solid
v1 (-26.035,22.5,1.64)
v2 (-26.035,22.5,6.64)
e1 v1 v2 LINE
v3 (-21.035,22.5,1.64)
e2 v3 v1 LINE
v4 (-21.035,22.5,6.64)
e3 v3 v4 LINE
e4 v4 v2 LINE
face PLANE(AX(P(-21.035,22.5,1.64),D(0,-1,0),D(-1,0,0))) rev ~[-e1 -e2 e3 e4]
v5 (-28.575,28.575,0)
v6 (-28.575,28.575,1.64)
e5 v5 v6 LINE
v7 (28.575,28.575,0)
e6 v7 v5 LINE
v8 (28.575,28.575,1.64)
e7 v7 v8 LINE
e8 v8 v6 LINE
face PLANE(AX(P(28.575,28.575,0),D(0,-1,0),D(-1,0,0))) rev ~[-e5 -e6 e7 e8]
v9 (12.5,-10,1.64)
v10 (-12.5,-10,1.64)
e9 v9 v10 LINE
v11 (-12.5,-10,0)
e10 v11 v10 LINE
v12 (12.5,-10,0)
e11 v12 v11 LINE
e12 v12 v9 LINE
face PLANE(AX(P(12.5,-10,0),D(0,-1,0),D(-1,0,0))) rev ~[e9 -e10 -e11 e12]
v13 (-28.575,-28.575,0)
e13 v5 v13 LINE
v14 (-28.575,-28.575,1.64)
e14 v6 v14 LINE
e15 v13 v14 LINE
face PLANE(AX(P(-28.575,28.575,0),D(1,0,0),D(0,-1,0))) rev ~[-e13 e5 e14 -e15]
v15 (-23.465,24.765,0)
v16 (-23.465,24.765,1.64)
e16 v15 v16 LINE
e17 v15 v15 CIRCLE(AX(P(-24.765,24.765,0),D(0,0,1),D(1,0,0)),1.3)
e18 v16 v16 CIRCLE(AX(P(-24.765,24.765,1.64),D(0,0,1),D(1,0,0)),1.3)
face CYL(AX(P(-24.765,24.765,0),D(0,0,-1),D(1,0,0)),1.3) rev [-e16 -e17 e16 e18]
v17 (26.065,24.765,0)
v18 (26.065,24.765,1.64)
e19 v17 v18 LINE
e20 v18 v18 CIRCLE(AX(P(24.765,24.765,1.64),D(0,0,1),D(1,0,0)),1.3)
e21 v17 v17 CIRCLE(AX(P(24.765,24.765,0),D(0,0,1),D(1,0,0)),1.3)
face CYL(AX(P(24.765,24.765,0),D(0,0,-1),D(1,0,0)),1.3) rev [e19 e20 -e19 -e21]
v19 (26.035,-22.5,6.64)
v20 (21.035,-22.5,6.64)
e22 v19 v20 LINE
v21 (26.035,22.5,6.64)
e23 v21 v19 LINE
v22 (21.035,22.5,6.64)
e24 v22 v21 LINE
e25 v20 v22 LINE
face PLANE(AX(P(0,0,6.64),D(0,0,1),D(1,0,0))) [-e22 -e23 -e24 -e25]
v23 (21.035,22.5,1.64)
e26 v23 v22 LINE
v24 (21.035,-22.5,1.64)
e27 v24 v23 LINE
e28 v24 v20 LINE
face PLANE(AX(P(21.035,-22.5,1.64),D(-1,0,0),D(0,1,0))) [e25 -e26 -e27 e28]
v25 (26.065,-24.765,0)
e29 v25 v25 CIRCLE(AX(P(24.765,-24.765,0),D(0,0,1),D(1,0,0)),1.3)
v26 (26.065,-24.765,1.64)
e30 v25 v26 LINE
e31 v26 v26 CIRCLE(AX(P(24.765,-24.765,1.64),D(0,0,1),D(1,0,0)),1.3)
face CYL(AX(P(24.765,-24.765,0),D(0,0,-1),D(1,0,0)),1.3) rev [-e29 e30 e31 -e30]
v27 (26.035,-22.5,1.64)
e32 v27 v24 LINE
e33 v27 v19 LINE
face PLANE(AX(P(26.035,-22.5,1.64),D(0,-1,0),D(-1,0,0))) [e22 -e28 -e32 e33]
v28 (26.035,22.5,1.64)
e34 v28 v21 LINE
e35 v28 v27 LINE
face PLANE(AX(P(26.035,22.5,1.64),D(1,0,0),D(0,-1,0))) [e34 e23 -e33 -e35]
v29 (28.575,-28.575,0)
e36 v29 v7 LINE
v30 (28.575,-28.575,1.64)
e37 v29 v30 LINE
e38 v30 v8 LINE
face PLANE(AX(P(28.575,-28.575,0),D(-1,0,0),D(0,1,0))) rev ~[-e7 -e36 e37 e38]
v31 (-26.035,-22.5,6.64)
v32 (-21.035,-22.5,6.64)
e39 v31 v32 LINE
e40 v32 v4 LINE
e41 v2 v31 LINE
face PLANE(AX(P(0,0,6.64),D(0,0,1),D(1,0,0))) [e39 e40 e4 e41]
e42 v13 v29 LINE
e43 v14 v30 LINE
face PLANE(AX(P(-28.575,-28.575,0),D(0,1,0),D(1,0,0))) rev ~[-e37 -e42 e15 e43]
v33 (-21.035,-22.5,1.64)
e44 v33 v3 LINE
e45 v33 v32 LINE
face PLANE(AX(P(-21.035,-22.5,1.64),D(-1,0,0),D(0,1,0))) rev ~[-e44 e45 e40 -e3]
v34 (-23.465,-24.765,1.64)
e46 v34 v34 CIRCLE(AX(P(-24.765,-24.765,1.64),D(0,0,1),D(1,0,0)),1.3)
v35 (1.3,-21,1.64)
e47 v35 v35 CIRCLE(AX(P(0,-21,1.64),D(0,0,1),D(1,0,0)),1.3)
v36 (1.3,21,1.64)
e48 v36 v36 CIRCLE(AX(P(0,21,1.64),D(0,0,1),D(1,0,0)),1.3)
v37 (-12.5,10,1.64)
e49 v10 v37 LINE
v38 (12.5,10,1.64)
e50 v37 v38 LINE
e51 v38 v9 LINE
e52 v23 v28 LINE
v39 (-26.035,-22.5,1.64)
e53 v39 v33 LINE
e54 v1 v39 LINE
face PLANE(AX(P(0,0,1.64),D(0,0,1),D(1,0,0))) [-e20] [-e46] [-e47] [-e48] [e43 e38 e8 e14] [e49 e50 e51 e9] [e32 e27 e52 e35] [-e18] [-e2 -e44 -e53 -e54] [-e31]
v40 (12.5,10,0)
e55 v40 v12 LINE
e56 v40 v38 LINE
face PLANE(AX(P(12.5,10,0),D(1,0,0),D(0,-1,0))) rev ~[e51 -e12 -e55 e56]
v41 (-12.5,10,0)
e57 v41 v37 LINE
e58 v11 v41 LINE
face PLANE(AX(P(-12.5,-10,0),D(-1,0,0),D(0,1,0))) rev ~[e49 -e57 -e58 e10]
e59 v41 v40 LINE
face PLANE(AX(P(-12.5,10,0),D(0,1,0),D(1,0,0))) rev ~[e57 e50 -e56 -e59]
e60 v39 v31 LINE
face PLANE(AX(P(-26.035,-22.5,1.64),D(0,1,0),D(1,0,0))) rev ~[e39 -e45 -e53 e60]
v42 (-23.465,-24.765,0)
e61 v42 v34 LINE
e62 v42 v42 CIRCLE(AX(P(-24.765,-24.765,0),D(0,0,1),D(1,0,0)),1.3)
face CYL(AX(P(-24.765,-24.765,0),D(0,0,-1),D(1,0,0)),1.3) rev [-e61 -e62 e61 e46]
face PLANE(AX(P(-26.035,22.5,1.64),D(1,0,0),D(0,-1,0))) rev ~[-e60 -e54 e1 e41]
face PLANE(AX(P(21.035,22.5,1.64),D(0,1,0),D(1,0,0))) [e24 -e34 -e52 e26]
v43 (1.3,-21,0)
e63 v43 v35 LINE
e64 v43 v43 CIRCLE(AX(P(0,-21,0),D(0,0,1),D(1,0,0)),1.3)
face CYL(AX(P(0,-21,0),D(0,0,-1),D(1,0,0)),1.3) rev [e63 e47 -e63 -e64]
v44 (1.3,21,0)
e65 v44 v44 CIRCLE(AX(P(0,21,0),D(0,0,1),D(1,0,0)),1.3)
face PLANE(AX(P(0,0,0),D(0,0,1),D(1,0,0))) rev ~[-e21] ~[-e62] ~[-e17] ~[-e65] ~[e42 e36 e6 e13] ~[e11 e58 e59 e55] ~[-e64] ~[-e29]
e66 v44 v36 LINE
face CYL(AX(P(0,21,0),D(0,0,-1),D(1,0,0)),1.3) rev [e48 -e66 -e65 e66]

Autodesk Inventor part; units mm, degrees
ref_plane "YZ Plane" through (0, 0, 0) normal (1, 0, 0) x (0, 1, 0)
ref_plane "XZ Plane" through (0, 0, 0) normal (0, 1, 0) x (-1, 0, 0)
ref_plane "XY Plane" through (0, 0, 0) normal (0, 0, 1) x (1, 0, 0)
sketch "Sketch1" plane through (0, 0, 0) normal (0, 0, 1) x (1, 0, 0)
  line L0 (-28.575, -28.575) -> (28.575, -28.575)
  line L1 (28.575, -28.575) -> (28.575, 28.575)
  line L2 (28.575, 28.575) -> (-28.575, 28.575)
  line L3 (-28.575, 28.575) -> (-28.575, -28.575)
  line L4 (-28.575, -28.575) -> (28.575, 28.575) construction
  line L5 (28.575, -28.575) -> (-28.575, 28.575) construction
  line L6 (-28.575, 0) -> (28.575, 0) construction
  line L7 (0, 28.575) -> (0, -28.575) construction
  circle A0 centre (-24.765, 24.765) radius 1.3
  circle A1 centre (24.765, 24.765) radius 1.3
  circle A2 centre (-24.765, -24.765) radius 1.3
  circle A3 centre (24.765, -24.765) radius 1.3
  circle A4 centre (0, -21) radius 1.3
  circle A5 centre (0, 21) radius 1.3
  line L8 (-12.5, 10) -> (12.5, 10)
  line L9 (12.5, 10) -> (12.5, -10)
  line L10 (12.5, -10) -> (-12.5, -10)
  line L11 (-12.5, -10) -> (-12.5, 10)
  line L12 (12.5, 10) -> (-12.5, -10) construction
  line L13 (12.5, -10) -> (-12.5, 10) construction
  point P0 (0, 0)
  point P1 (0, 0)
  dimension "d2" = 57.15
  dimension "d4" = 57.15
  dimension "d27" = 2.6
  dimension "d28" = 3.81
  dimension "d29" = 2.6
  dimension "d30" = 42
  dimension "d31" = 25
  dimension "d32" = 20
extrude "Extrusion1" add sketch "Sketch1" along normal blind 1.64
sketch "Sketch4" plane through (0, 0, 1.64) normal (0, 0, 1) x (1, 0, 0)
  line L0 (28.575, -28.575) -> (28.575, 28.575) projected
  line L1 (-28.575, 28.575) -> (-28.575, -28.575) projected
  line L2 (0, 0) -> (0, 45.0767)
  line L3 (21.035, 22.5) -> (26.035, 22.5)
  line L4 (26.035, 22.5) -> (26.035, -22.5)
  line L5 (26.035, -22.5) -> (21.035, -22.5)
  line L6 (21.035, -22.5) -> (21.035, 22.5)
  line L7 (-21.035, 22.5) -> (-26.035, 22.5)
  line L8 (-26.035, 22.5) -> (-26.035, -22.5)
  line L9 (-26.035, -22.5) -> (-21.035, -22.5)
  line L10 (-21.035, -22.5) -> (-21.035, 22.5)
  dimension "d21" = 2.54
  dimension "d22" = 45
  dimension "d23" = 5
  dimension "d24" = 22.5
extrude "Extrusion4" add sketch "Sketch4" along normal blind 5
properties part number "SFE-Host01" material "PCB(1)"
